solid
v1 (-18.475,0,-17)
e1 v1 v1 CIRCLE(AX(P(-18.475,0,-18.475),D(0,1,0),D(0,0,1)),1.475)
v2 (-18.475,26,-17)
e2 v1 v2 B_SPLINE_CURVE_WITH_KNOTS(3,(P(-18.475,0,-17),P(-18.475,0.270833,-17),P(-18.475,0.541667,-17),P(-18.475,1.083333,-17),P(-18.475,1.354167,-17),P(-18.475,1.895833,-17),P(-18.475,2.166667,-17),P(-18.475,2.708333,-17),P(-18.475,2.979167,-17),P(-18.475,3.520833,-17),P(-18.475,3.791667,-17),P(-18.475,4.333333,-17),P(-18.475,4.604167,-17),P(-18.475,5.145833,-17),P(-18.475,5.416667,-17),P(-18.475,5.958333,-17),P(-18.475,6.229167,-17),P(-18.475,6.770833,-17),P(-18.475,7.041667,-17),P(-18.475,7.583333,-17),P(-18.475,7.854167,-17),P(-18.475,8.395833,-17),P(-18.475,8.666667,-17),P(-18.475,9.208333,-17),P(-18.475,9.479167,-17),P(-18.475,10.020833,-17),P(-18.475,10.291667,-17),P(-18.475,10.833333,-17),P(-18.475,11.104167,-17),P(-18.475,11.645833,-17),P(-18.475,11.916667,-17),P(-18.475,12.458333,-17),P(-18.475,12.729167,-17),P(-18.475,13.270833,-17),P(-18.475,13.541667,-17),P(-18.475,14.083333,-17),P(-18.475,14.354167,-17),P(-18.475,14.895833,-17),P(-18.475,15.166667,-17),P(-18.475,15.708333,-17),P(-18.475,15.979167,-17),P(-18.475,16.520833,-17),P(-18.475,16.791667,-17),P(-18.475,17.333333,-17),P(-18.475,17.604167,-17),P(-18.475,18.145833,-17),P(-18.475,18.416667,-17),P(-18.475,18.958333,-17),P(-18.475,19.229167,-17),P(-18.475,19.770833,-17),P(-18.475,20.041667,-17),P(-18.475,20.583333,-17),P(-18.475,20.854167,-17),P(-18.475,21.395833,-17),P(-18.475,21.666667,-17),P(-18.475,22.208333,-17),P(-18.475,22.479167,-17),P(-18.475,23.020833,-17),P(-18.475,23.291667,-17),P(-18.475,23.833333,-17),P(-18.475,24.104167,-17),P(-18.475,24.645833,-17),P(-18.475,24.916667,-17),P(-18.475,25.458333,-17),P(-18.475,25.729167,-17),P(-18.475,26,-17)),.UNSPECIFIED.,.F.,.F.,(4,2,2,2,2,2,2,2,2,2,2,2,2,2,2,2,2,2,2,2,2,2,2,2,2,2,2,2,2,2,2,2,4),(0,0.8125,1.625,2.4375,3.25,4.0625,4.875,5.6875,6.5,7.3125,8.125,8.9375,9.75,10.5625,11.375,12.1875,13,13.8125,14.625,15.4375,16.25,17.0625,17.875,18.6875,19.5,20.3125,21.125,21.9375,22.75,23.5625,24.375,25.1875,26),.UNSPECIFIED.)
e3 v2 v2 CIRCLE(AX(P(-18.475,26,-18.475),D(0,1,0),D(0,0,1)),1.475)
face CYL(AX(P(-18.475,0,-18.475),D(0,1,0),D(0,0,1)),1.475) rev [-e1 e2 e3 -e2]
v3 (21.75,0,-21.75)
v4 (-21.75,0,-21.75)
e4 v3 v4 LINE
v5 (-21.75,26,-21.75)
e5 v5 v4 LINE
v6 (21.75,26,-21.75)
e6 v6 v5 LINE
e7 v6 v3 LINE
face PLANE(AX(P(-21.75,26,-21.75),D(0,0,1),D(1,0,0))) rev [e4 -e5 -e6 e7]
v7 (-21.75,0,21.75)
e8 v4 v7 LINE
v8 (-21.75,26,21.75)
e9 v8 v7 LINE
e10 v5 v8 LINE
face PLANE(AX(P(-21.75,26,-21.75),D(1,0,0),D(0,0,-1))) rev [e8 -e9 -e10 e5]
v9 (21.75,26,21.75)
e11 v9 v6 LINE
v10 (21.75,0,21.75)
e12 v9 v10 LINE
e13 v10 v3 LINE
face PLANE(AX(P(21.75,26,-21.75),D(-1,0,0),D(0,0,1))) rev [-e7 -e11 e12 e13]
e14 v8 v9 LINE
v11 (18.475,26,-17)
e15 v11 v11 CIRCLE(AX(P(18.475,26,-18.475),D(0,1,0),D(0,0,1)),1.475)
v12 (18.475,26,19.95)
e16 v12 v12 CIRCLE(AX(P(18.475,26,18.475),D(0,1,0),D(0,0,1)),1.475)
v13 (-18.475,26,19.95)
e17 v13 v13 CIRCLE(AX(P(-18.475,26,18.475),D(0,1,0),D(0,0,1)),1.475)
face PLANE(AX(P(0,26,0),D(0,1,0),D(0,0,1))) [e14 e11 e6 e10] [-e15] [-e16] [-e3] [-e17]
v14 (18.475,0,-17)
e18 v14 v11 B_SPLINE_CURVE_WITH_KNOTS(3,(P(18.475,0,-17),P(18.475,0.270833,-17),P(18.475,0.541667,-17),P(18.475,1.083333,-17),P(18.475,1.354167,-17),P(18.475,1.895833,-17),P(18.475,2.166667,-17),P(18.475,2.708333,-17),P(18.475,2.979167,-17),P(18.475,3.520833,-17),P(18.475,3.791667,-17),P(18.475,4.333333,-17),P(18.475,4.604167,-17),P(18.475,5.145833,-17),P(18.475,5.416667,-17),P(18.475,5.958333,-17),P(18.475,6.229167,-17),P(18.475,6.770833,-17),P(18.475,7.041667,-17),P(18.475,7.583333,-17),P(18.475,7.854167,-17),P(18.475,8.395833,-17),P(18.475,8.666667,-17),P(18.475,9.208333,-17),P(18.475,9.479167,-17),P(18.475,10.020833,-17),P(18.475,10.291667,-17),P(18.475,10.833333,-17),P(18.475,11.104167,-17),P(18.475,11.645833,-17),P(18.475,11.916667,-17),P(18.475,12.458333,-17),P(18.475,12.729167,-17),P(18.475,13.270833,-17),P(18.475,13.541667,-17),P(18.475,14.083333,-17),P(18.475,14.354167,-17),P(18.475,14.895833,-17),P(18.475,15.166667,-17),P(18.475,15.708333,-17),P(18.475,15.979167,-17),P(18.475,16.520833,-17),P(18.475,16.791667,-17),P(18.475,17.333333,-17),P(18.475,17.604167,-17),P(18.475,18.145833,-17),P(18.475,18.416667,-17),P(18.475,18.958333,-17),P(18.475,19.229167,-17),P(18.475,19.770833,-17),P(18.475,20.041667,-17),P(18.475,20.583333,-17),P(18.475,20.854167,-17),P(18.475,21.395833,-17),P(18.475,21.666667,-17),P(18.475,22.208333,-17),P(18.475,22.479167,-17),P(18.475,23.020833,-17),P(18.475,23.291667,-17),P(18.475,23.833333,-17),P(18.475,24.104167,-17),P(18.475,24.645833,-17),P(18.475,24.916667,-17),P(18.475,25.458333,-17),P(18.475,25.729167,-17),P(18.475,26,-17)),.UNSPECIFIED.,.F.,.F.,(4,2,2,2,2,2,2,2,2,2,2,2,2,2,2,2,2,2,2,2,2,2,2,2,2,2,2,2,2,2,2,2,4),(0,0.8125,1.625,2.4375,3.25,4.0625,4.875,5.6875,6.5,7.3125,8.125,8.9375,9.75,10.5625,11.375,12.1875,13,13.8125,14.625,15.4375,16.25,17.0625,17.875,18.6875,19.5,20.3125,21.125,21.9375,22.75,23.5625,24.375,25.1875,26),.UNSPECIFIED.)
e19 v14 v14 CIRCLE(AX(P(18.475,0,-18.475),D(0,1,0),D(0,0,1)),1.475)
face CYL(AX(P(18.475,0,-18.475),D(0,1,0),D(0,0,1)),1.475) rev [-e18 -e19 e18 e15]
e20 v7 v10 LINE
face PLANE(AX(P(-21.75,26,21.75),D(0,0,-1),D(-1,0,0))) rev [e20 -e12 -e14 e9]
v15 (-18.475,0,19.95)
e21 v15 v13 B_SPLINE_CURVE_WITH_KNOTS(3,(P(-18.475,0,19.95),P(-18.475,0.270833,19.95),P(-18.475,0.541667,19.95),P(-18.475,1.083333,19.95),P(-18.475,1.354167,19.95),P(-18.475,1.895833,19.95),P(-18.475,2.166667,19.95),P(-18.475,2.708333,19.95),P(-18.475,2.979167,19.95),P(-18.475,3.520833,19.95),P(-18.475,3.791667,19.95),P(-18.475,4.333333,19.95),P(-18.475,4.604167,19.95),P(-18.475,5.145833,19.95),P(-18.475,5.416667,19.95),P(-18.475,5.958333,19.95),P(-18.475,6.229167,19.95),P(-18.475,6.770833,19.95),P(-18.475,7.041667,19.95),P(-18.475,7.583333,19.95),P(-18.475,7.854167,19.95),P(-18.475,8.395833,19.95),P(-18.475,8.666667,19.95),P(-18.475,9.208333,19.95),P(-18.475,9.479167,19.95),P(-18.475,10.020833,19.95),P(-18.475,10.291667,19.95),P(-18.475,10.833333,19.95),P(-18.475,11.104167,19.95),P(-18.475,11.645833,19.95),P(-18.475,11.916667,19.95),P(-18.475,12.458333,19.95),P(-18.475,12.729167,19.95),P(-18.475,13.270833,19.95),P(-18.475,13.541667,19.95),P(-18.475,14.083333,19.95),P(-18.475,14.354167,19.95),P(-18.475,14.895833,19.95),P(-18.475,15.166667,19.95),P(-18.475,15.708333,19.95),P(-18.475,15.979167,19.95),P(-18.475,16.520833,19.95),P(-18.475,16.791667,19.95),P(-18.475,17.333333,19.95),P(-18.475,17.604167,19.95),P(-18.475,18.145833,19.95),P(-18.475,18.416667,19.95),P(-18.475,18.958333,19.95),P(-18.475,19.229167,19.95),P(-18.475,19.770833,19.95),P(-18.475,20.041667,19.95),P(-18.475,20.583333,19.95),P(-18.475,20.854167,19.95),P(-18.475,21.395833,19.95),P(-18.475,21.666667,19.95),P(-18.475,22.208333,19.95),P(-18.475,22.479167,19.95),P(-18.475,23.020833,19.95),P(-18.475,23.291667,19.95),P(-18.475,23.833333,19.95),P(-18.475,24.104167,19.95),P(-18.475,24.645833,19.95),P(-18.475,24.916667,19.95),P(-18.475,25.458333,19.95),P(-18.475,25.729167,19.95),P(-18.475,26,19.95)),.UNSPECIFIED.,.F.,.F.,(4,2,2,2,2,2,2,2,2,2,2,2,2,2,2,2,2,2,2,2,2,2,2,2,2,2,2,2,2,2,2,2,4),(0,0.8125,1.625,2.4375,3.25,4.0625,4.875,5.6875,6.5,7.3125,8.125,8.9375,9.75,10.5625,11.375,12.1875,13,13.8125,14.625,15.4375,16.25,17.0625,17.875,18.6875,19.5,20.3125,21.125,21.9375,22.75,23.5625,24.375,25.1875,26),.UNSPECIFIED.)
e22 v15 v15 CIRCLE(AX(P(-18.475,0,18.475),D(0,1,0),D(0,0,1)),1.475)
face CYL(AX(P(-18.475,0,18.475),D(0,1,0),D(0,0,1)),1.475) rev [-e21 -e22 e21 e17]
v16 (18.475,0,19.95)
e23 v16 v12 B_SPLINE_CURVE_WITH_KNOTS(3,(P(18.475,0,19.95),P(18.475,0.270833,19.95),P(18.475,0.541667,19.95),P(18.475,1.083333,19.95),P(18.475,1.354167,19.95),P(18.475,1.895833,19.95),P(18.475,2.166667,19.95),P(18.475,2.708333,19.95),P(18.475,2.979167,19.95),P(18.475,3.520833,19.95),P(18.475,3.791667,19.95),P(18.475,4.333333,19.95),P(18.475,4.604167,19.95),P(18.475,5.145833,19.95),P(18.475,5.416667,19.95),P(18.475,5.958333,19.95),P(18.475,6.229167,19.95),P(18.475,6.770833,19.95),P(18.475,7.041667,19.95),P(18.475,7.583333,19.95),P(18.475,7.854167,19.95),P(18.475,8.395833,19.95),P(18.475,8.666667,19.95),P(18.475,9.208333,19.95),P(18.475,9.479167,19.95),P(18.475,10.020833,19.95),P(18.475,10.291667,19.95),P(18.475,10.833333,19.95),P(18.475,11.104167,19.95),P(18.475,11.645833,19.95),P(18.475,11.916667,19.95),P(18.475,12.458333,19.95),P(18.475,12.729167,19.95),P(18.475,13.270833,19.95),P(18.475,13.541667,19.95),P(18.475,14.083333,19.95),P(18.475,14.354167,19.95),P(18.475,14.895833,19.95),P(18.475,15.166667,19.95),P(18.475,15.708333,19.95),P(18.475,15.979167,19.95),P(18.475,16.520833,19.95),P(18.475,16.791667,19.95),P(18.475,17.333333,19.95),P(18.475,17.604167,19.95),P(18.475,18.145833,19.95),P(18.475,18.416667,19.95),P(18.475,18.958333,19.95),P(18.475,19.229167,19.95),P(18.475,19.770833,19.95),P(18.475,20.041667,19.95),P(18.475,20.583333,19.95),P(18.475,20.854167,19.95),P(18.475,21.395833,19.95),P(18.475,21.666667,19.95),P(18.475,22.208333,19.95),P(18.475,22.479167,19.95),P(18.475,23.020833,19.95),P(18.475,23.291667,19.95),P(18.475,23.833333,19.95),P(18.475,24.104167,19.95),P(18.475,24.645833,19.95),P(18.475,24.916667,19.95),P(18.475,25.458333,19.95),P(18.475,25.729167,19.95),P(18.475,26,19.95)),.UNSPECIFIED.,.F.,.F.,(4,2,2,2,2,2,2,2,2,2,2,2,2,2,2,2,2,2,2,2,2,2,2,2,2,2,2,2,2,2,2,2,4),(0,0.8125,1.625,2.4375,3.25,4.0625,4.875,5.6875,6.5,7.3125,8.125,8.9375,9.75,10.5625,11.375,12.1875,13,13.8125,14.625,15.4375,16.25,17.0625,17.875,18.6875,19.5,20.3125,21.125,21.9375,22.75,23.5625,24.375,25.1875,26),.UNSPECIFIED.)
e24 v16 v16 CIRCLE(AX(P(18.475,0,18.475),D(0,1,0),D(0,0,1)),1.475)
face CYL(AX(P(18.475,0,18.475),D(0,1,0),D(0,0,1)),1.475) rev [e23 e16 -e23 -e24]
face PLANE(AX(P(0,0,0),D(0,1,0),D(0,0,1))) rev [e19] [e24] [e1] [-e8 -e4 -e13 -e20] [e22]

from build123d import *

# Parameters (mm, degrees)
SKETCH1_W           = 43.5
SKETCH1_H           = 43.5
BOSS_EXTRUDE1_DEPTH = 26
SKETCH2_R           = 1.475
CUT_EXTRUDE1_DEPTH  = 41.275612969


with BuildPart() as part:
    # Sketch1 → Boss-Extrude1 (new body)
    with BuildSketch(Plane(origin=(0, 0, 0), x_dir=(1, 0, 0), z_dir=(0, 1, 0))):
        Rectangle(SKETCH1_W, SKETCH1_H)
    extrude(amount=BOSS_EXTRUDE1_DEPTH)

    # Sketch2 → Cut-Extrude1 (cut, through all)
    with BuildSketch(Plane(origin=(0, 26, 0), x_dir=(1, 0, 0), z_dir=(0, 1, 0))):
        with Locations(Location((-18.475, 18.475, 0), (0, 0, 270))):
            Circle(SKETCH2_R)
        with Locations(Location((-18.475, -18.475, 0), (0, 0, 270))):
            Circle(SKETCH2_R)
        with Locations(Location((18.475, -18.475, 0), (0, 0, 270))):
            Circle(SKETCH2_R)
        with Locations(Location((18.475, 18.475, 0), (0, 0, 270))):
            Circle(SKETCH2_R)
    extrude(amount=-CUT_EXTRUDE1_DEPTH, mode=Mode.SUBTRACT)


solid = part.part
